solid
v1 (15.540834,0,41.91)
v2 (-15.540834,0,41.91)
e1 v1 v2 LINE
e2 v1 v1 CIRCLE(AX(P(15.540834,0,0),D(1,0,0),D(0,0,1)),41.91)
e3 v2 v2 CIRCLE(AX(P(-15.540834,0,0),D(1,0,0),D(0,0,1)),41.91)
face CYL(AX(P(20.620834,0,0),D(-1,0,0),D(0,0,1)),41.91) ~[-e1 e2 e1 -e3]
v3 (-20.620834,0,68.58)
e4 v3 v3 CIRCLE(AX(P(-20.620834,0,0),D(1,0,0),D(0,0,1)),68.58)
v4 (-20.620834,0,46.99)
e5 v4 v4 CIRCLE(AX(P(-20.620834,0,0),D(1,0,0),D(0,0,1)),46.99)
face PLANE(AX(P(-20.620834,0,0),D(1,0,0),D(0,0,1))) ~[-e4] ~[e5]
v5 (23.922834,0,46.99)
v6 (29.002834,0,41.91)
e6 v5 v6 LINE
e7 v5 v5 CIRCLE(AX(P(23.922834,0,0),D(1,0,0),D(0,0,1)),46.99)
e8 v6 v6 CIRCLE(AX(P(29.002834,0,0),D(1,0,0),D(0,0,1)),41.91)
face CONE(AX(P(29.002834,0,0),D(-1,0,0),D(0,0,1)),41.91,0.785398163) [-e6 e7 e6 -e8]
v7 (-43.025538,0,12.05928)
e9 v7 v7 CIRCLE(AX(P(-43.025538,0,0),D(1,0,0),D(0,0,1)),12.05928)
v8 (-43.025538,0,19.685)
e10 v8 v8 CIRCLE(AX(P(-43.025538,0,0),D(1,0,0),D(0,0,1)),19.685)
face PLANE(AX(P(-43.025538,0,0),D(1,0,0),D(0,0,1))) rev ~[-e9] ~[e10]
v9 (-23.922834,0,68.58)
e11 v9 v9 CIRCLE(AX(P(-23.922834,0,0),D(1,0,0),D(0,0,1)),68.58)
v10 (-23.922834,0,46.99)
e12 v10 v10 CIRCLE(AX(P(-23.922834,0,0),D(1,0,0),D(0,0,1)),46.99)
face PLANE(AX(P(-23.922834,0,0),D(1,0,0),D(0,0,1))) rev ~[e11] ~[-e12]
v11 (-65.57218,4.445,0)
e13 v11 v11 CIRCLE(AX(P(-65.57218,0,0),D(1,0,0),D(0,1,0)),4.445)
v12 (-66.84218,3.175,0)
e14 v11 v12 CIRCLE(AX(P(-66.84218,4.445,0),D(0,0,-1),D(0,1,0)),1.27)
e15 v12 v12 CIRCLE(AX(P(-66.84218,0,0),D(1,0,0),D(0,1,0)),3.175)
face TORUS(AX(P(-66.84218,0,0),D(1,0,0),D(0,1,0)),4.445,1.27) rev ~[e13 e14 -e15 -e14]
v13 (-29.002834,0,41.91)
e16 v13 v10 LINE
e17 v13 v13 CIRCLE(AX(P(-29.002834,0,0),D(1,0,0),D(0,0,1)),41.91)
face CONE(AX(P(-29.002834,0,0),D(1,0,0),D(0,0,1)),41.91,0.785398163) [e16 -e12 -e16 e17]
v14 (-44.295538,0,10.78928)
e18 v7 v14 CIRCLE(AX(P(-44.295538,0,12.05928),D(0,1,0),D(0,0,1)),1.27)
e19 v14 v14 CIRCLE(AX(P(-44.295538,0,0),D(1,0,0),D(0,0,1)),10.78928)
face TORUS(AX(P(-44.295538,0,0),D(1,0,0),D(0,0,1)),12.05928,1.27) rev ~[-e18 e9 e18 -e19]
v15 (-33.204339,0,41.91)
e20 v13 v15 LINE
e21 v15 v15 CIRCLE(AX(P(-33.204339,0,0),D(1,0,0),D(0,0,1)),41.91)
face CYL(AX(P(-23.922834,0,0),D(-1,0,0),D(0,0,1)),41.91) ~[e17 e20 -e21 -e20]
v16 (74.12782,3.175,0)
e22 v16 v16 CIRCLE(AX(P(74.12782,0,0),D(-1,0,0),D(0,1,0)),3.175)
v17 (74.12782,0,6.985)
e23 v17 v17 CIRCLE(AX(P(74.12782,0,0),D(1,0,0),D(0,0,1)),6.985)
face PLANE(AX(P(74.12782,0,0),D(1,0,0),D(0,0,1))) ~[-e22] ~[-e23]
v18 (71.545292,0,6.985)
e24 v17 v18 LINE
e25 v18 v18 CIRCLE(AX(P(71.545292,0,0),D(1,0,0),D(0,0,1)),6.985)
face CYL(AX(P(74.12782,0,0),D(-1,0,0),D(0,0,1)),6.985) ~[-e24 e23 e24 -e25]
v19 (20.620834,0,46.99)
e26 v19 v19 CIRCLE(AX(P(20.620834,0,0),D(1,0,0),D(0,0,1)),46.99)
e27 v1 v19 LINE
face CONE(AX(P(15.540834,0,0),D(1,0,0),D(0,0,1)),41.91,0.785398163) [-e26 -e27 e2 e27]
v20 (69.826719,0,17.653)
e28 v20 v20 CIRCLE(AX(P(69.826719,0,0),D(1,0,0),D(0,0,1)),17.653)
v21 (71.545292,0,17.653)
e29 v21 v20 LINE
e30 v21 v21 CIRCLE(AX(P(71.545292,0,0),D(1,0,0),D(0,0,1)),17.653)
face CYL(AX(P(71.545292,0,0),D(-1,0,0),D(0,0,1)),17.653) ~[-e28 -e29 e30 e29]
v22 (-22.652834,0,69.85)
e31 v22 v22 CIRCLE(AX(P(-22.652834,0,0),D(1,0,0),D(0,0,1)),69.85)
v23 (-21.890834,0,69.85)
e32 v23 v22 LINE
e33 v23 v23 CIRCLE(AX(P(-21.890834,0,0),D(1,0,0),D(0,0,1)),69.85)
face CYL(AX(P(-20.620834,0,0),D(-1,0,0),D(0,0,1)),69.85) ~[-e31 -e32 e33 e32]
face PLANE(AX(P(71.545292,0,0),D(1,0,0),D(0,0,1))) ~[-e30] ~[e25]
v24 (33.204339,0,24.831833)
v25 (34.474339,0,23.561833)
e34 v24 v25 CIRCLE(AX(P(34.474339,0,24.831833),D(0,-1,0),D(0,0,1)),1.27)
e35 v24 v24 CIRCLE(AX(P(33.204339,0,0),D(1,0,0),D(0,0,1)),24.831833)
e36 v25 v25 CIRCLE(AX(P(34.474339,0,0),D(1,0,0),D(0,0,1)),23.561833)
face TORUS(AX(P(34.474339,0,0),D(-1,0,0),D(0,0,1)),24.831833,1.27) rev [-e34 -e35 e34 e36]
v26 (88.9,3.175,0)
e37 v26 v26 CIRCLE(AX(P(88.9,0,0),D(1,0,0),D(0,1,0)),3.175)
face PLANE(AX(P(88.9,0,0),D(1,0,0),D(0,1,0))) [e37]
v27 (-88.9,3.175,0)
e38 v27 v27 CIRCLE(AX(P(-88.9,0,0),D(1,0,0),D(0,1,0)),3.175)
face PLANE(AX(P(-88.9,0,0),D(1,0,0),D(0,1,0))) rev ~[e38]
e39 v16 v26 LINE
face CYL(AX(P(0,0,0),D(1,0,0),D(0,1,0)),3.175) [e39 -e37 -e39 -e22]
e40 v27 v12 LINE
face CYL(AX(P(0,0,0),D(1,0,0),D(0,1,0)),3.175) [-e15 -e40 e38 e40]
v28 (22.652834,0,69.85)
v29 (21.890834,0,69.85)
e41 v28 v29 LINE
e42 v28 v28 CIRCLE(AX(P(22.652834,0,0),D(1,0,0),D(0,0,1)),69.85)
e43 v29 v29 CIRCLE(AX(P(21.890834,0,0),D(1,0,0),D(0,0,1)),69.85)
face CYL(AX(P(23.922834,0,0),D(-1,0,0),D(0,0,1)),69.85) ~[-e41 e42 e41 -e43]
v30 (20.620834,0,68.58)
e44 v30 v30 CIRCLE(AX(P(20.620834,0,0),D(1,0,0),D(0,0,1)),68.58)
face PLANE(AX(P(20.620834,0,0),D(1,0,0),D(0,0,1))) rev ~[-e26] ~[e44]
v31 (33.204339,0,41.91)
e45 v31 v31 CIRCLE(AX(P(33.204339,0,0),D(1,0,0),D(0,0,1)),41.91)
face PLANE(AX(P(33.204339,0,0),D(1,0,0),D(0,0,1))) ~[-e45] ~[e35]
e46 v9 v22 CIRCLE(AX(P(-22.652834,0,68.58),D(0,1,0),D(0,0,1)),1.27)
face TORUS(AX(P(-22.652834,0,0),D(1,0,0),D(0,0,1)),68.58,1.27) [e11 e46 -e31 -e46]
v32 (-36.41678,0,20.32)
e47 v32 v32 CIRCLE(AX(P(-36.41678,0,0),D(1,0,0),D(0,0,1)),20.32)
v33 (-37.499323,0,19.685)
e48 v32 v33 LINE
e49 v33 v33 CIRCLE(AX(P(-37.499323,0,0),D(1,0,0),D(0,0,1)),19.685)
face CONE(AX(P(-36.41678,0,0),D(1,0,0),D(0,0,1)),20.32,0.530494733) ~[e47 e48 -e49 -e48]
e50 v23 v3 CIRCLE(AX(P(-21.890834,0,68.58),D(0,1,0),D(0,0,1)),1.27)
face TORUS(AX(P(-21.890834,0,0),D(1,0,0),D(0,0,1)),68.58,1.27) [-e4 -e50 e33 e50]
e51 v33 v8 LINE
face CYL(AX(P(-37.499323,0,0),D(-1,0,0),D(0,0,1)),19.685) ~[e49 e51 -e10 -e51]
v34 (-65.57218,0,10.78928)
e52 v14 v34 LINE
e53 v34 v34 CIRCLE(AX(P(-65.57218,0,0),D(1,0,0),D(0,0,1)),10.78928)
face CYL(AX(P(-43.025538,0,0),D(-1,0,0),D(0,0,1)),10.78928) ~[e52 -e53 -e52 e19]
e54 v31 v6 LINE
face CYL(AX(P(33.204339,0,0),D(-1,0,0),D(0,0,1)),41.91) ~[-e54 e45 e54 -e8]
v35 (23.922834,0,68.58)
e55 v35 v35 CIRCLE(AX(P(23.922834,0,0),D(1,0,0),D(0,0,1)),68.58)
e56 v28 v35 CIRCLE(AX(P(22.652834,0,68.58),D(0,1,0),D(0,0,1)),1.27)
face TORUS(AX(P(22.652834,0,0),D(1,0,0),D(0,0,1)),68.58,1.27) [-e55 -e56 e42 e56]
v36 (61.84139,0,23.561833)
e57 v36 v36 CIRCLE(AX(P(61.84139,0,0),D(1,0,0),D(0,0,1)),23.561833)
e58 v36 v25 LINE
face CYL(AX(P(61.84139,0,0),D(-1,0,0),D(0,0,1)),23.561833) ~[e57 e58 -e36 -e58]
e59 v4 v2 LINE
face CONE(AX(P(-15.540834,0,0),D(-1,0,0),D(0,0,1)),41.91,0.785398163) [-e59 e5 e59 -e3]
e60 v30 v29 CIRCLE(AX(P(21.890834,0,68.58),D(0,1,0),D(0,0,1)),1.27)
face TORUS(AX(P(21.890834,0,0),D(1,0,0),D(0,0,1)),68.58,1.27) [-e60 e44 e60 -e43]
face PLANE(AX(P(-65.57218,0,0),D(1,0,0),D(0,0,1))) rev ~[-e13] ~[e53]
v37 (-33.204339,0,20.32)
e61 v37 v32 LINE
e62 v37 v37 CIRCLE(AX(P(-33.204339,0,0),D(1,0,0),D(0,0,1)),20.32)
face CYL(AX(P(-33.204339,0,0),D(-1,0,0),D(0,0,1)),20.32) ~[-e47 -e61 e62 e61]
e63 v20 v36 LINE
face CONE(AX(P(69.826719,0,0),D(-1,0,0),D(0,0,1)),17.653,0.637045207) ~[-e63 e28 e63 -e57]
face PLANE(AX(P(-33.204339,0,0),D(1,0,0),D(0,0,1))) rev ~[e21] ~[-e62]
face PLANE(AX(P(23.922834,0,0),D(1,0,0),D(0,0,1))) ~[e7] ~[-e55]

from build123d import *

# Parameters (mm, degrees)
F0_R     = 3.175
F1_DEPTH = 88.9
F4_SIZE  = 5.08
F5_R     = 1.27


with BuildPart() as f1:
    # F0 (on Right) → F1 (new body, symmetric)
    with BuildSketch(Plane.YZ):
        Circle(F0_R)
    extrude(amount=F1_DEPTH, both=True)

    # F2 (on Front) → F3 (revolve)
    with BuildSketch(Plane.XZ):
        Polygon((-65.57218, 10.78928), (-65.57218, 3.175), (74.12782, 3.175), (74.12782, 6.985), (71.545292, 6.985), (71.545292, 17.653), (69.826719, 17.653), (61.84139, 23.561833), (33.204339, 23.561833), (33.204339, 41.91), (23.922834, 41.91), (23.922834, 69.85), (20.620834, 69.85), (20.620834, 41.91), (-20.620834, 41.91), (-20.620834, 69.85), (-23.922834, 69.85), (-23.922834, 41.91), (-33.204339, 41.91), (-33.204339, 20.32), (-36.41678, 20.32), (-37.499323, 19.685), (-43.025538, 19.685), (-43.025538, 10.78928), align=None)
    revolve(axis=Axis((54.406915, 0, 0), (1, 0, 0)))

    # F4
    f4_edges = [f1.edges().sort_by_distance(p)[0] for p in [
        (-20.620834, 0, -41.91),
        (23.922834, 0, -41.91),
        (20.620834, 0, -41.91),
        (-23.922834, 0, -41.91),
    ]]
    chamfer(f4_edges, length=F4_SIZE)

    # F5
    f5_edges = [f1.edges().sort_by_distance(p)[0] for p in [
        (33.204339, 0, -23.561833),
        (-43.025538, 0, -10.78928),
        (-65.57218, -3.175, 0),
        (-23.922834, 0, -69.85),
        (-20.620834, 0, -69.85),
        (20.620834, 0, -69.85),
        (23.922834, 0, -69.85),
    ]]
    fillet(f5_edges, radius=F5_R)


solid = f1.part
